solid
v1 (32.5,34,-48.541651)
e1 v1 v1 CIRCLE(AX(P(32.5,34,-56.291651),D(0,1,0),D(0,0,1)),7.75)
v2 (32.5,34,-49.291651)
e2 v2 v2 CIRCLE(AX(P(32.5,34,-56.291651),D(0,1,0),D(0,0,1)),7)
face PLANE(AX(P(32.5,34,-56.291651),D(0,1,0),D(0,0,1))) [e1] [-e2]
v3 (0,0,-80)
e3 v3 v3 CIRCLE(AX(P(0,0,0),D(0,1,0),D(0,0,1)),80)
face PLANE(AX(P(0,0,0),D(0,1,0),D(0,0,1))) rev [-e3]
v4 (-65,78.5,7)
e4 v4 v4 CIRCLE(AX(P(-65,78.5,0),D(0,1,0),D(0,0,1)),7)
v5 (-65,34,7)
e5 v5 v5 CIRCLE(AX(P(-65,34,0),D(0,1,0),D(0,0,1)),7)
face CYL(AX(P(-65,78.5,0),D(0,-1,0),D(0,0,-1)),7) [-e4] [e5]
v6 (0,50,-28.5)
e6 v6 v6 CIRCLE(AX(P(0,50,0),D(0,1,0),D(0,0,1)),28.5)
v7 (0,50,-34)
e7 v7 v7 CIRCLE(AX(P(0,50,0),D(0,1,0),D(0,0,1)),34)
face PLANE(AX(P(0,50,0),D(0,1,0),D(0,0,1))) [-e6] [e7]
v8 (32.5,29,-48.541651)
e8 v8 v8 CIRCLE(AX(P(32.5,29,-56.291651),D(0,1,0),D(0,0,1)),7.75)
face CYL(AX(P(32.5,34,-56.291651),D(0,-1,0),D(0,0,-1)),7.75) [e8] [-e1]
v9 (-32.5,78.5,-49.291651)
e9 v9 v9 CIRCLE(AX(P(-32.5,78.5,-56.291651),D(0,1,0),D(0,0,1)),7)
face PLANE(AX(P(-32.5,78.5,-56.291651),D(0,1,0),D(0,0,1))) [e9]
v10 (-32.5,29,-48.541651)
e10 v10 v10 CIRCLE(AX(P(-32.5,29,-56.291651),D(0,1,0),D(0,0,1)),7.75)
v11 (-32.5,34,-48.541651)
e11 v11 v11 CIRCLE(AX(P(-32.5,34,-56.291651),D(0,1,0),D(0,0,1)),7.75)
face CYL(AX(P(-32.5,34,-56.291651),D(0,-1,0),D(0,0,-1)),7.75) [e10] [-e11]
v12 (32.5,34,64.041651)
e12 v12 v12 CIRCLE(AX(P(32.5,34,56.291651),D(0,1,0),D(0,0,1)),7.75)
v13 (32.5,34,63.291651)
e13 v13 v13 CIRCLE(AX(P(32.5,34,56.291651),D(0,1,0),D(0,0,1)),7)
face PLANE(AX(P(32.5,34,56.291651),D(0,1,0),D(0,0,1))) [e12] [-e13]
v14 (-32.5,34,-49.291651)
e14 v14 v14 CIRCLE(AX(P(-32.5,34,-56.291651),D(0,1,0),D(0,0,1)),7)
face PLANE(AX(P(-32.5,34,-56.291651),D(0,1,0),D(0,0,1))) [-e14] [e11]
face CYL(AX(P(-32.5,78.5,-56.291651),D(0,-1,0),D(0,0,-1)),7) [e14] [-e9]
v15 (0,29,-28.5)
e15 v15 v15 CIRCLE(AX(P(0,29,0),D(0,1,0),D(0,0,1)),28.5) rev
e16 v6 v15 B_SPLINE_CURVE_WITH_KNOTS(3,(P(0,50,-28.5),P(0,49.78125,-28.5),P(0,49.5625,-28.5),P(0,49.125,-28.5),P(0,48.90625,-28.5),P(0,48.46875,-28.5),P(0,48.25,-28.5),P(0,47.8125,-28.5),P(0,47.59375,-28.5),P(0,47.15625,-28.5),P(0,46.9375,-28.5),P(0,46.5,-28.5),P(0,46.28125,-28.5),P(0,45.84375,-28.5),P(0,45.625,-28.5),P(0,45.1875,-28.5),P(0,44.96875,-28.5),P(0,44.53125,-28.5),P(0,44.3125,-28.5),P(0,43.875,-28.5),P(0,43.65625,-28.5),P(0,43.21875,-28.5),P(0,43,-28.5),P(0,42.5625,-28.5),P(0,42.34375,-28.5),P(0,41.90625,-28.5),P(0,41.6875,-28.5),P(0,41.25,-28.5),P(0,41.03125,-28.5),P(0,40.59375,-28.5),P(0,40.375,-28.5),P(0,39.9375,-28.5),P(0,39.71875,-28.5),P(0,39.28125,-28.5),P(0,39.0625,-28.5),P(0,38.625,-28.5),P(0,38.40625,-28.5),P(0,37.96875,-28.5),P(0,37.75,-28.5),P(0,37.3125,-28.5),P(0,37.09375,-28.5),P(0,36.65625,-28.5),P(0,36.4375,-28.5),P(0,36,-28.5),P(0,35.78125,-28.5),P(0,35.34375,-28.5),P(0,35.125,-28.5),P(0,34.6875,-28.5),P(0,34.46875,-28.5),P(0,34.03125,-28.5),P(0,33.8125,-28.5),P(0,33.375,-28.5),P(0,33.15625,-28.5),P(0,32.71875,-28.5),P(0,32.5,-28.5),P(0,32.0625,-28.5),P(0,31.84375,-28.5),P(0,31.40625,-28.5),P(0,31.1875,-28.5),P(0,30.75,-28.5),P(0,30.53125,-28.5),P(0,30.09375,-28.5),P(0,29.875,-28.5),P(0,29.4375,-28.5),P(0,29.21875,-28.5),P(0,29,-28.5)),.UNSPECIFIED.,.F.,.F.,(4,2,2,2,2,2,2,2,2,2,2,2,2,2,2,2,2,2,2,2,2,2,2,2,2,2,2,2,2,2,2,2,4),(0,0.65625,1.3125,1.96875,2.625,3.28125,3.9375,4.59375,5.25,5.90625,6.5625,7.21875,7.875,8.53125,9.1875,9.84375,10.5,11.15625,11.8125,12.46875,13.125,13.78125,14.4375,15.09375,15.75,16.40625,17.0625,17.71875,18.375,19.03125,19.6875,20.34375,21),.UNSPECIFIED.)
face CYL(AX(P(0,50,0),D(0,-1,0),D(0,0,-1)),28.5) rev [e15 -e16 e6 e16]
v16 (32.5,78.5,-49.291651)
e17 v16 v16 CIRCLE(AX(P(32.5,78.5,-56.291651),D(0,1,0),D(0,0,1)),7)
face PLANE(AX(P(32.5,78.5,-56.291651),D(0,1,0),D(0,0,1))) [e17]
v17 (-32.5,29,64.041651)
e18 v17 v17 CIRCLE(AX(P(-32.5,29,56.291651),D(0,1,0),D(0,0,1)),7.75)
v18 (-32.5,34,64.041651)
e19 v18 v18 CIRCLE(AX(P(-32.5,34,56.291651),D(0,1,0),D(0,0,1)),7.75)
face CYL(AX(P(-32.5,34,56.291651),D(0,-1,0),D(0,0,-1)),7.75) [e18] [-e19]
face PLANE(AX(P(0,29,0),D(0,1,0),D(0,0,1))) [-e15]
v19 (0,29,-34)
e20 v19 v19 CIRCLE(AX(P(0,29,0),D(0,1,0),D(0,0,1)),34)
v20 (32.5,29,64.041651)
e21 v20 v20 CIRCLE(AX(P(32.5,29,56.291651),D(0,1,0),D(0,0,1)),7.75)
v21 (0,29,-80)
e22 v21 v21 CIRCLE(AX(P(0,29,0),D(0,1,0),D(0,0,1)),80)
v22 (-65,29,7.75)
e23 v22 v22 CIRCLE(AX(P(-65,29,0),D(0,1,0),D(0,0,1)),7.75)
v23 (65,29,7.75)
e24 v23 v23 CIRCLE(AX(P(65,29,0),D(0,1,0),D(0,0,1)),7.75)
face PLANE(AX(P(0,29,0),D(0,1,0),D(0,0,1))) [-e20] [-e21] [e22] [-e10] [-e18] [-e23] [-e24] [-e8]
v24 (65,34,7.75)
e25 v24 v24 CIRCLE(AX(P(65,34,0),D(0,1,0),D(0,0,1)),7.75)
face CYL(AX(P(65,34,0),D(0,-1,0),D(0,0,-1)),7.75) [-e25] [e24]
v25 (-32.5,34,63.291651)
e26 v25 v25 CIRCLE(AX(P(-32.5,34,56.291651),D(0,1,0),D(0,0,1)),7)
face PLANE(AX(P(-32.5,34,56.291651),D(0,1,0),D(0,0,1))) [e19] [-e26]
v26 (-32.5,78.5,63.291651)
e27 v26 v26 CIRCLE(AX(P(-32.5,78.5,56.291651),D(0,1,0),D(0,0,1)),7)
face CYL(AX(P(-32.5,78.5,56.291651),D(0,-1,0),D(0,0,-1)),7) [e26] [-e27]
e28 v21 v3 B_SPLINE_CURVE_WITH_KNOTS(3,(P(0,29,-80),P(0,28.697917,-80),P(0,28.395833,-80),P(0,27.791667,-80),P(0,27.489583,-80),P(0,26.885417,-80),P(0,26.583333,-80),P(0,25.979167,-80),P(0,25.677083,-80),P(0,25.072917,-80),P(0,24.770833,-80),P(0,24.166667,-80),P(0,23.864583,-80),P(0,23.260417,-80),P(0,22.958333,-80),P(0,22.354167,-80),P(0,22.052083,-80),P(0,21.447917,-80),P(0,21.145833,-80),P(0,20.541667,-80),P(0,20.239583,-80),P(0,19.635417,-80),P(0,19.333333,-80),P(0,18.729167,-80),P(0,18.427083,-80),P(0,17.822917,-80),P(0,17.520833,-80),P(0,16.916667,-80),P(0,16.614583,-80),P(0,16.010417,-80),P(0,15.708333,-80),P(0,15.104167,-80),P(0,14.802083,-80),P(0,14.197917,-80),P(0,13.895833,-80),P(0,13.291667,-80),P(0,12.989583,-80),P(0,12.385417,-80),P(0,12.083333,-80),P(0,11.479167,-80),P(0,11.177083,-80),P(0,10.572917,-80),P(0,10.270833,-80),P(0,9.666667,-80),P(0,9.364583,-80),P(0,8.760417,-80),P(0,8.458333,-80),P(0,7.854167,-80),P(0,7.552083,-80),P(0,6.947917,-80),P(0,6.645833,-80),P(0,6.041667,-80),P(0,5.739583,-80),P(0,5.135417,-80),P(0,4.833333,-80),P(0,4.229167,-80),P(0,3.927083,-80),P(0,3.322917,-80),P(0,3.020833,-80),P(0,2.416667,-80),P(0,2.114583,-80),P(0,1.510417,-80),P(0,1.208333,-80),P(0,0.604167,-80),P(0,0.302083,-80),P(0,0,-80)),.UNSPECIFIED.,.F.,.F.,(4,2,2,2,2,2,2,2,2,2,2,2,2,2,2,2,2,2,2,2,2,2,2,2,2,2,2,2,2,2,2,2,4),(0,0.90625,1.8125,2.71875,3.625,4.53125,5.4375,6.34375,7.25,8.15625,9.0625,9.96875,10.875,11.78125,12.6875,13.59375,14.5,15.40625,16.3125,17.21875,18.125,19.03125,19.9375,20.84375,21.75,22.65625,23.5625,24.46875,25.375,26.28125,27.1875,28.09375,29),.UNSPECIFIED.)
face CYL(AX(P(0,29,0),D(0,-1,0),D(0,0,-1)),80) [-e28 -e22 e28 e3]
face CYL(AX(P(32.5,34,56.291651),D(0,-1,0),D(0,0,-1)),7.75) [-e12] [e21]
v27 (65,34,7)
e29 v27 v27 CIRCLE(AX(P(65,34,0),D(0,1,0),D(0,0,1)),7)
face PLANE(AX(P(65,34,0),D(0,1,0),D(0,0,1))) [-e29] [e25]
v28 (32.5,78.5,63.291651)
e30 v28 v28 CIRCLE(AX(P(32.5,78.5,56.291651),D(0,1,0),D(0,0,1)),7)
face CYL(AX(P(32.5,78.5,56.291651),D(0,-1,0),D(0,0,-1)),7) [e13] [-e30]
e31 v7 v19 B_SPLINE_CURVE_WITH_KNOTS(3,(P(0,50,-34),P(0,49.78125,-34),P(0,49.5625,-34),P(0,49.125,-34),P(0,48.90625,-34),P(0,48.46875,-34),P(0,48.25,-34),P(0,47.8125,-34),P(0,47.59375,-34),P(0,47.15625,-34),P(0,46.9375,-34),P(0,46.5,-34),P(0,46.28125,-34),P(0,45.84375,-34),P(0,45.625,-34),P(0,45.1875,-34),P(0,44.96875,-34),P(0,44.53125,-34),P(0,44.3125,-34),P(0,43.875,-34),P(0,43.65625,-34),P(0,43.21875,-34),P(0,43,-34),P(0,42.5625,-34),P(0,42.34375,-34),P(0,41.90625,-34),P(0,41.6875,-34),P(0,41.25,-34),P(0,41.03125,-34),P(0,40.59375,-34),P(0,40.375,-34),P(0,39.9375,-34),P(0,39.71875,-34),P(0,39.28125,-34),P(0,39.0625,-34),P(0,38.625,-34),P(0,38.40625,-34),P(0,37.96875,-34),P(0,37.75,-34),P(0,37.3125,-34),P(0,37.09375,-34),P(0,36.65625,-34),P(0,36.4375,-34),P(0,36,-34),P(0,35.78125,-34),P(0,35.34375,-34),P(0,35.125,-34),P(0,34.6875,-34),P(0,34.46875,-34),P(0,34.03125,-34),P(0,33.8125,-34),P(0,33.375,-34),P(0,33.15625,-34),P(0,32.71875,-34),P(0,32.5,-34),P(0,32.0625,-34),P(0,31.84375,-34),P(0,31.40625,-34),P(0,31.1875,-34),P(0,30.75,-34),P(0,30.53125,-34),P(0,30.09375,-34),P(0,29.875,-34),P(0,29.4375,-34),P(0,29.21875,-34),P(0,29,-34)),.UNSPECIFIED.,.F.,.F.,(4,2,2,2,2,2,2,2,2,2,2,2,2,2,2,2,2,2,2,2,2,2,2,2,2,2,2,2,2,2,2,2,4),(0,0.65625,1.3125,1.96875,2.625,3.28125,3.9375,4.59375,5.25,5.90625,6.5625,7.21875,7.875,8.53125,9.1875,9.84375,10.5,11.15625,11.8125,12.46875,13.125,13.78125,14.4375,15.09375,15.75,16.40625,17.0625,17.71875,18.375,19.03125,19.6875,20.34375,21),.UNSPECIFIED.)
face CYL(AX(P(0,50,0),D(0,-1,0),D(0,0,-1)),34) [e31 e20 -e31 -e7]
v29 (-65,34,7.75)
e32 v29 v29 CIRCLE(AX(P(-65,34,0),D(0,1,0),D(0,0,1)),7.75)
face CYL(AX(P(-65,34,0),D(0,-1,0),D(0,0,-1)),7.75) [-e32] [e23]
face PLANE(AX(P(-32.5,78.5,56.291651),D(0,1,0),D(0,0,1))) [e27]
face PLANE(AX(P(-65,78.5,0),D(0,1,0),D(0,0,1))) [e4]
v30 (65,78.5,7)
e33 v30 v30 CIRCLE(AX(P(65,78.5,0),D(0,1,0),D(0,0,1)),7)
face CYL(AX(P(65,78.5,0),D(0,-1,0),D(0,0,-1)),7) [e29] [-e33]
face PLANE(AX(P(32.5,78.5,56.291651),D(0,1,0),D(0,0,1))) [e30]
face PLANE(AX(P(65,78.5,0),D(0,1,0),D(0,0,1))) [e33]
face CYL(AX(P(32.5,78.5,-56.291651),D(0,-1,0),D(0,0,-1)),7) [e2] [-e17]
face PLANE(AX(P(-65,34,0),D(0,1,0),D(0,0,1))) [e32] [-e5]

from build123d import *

# Parameters (mm, degrees)
SKETCH1_R           = 80
BOSS_EXTRUDE1_DEPTH = 29
SKETCH2_R           = 34
SKETCH2_R_2         = 28.5
BOSS_EXTRUDE2_DEPTH = 21
SKETCH3_R           = 7.75
BOSS_EXTRUDE3_DEPTH = 5
SKETCH4_R           = 7
BOSS_EXTRUDE4_DEPTH = 44.5


with BuildPart() as part:
    # Sketch1 → Boss-Extrude1 (new body)
    with BuildSketch(Plane(origin=(0, 0, 0), x_dir=(1, 0, 0), z_dir=(0, 1, 0))):
        with Locations(Location((0, 0, 0), (0, 0, 90))):
            Circle(SKETCH1_R)
    extrude(amount=BOSS_EXTRUDE1_DEPTH)

    # Sketch2 → Boss-Extrude2 (add)
    with BuildSketch(Plane(origin=(0, 29, 0), x_dir=(1, 0, 0), z_dir=(0, 1, 0))):
        with Locations(Location((0, 0, 0), (0, 0, 90))):
            Circle(SKETCH2_R)
        with Locations(Location((0, 0, 0), (0, 0, 90))):
            Circle(SKETCH2_R_2, mode=Mode.SUBTRACT)
    extrude(amount=BOSS_EXTRUDE2_DEPTH)

    # Sketch3 → Boss-Extrude3 (add)
    with BuildSketch(Plane(origin=(0, 29, 0), x_dir=(1, 0, 0), z_dir=(0, 1, 0))):
        with Locations(Location((65, 0, 0), (0, 0, 270))):
            Circle(SKETCH3_R)
        with Locations(Location((32.5, -56.291651246, 0), (0, 0, 270))):
            Circle(SKETCH3_R)
        with Locations(Location((-32.5, -56.291651246, 0), (0, 0, 270))):
            Circle(SKETCH3_R)
        with Locations(Location((-65, 0, 0), (0, 0, 270))):
            Circle(SKETCH3_R)
        with Locations(Location((-32.5, 56.291651246, 0), (0, 0, 270))):
            Circle(SKETCH3_R)
        with Locations(Location((32.5, 56.291651246, 0), (0, 0, 270))):
            Circle(SKETCH3_R)
    extrude(amount=BOSS_EXTRUDE3_DEPTH)

    # Sketch4 → Boss-Extrude4 (add)
    with BuildSketch(Plane(origin=(0, 34, 0), x_dir=(1, 0, 0), z_dir=(0, 1, 0))):
        with Locations(Location((65, 0, 0), (0, 0, 270))):
            Circle(SKETCH4_R)
        with Locations(Location((32.5, -56.291651246, 0), (0, 0, 270))):
            Circle(SKETCH4_R)
        with Locations(Location((-32.5, -56.291651246, 0), (0, 0, 270))):
            Circle(SKETCH4_R)
        with Locations(Location((-65, 0, 0), (0, 0, 270))):
            Circle(SKETCH4_R)
        with Locations(Location((-32.5, 56.291651246, 0), (0, 0, 270))):
            Circle(SKETCH4_R)
        with Locations(Location((32.5, 56.291651246, 0), (0, 0, 270))):
            Circle(SKETCH4_R)
    extrude(amount=BOSS_EXTRUDE4_DEPTH)


solid = part.part
